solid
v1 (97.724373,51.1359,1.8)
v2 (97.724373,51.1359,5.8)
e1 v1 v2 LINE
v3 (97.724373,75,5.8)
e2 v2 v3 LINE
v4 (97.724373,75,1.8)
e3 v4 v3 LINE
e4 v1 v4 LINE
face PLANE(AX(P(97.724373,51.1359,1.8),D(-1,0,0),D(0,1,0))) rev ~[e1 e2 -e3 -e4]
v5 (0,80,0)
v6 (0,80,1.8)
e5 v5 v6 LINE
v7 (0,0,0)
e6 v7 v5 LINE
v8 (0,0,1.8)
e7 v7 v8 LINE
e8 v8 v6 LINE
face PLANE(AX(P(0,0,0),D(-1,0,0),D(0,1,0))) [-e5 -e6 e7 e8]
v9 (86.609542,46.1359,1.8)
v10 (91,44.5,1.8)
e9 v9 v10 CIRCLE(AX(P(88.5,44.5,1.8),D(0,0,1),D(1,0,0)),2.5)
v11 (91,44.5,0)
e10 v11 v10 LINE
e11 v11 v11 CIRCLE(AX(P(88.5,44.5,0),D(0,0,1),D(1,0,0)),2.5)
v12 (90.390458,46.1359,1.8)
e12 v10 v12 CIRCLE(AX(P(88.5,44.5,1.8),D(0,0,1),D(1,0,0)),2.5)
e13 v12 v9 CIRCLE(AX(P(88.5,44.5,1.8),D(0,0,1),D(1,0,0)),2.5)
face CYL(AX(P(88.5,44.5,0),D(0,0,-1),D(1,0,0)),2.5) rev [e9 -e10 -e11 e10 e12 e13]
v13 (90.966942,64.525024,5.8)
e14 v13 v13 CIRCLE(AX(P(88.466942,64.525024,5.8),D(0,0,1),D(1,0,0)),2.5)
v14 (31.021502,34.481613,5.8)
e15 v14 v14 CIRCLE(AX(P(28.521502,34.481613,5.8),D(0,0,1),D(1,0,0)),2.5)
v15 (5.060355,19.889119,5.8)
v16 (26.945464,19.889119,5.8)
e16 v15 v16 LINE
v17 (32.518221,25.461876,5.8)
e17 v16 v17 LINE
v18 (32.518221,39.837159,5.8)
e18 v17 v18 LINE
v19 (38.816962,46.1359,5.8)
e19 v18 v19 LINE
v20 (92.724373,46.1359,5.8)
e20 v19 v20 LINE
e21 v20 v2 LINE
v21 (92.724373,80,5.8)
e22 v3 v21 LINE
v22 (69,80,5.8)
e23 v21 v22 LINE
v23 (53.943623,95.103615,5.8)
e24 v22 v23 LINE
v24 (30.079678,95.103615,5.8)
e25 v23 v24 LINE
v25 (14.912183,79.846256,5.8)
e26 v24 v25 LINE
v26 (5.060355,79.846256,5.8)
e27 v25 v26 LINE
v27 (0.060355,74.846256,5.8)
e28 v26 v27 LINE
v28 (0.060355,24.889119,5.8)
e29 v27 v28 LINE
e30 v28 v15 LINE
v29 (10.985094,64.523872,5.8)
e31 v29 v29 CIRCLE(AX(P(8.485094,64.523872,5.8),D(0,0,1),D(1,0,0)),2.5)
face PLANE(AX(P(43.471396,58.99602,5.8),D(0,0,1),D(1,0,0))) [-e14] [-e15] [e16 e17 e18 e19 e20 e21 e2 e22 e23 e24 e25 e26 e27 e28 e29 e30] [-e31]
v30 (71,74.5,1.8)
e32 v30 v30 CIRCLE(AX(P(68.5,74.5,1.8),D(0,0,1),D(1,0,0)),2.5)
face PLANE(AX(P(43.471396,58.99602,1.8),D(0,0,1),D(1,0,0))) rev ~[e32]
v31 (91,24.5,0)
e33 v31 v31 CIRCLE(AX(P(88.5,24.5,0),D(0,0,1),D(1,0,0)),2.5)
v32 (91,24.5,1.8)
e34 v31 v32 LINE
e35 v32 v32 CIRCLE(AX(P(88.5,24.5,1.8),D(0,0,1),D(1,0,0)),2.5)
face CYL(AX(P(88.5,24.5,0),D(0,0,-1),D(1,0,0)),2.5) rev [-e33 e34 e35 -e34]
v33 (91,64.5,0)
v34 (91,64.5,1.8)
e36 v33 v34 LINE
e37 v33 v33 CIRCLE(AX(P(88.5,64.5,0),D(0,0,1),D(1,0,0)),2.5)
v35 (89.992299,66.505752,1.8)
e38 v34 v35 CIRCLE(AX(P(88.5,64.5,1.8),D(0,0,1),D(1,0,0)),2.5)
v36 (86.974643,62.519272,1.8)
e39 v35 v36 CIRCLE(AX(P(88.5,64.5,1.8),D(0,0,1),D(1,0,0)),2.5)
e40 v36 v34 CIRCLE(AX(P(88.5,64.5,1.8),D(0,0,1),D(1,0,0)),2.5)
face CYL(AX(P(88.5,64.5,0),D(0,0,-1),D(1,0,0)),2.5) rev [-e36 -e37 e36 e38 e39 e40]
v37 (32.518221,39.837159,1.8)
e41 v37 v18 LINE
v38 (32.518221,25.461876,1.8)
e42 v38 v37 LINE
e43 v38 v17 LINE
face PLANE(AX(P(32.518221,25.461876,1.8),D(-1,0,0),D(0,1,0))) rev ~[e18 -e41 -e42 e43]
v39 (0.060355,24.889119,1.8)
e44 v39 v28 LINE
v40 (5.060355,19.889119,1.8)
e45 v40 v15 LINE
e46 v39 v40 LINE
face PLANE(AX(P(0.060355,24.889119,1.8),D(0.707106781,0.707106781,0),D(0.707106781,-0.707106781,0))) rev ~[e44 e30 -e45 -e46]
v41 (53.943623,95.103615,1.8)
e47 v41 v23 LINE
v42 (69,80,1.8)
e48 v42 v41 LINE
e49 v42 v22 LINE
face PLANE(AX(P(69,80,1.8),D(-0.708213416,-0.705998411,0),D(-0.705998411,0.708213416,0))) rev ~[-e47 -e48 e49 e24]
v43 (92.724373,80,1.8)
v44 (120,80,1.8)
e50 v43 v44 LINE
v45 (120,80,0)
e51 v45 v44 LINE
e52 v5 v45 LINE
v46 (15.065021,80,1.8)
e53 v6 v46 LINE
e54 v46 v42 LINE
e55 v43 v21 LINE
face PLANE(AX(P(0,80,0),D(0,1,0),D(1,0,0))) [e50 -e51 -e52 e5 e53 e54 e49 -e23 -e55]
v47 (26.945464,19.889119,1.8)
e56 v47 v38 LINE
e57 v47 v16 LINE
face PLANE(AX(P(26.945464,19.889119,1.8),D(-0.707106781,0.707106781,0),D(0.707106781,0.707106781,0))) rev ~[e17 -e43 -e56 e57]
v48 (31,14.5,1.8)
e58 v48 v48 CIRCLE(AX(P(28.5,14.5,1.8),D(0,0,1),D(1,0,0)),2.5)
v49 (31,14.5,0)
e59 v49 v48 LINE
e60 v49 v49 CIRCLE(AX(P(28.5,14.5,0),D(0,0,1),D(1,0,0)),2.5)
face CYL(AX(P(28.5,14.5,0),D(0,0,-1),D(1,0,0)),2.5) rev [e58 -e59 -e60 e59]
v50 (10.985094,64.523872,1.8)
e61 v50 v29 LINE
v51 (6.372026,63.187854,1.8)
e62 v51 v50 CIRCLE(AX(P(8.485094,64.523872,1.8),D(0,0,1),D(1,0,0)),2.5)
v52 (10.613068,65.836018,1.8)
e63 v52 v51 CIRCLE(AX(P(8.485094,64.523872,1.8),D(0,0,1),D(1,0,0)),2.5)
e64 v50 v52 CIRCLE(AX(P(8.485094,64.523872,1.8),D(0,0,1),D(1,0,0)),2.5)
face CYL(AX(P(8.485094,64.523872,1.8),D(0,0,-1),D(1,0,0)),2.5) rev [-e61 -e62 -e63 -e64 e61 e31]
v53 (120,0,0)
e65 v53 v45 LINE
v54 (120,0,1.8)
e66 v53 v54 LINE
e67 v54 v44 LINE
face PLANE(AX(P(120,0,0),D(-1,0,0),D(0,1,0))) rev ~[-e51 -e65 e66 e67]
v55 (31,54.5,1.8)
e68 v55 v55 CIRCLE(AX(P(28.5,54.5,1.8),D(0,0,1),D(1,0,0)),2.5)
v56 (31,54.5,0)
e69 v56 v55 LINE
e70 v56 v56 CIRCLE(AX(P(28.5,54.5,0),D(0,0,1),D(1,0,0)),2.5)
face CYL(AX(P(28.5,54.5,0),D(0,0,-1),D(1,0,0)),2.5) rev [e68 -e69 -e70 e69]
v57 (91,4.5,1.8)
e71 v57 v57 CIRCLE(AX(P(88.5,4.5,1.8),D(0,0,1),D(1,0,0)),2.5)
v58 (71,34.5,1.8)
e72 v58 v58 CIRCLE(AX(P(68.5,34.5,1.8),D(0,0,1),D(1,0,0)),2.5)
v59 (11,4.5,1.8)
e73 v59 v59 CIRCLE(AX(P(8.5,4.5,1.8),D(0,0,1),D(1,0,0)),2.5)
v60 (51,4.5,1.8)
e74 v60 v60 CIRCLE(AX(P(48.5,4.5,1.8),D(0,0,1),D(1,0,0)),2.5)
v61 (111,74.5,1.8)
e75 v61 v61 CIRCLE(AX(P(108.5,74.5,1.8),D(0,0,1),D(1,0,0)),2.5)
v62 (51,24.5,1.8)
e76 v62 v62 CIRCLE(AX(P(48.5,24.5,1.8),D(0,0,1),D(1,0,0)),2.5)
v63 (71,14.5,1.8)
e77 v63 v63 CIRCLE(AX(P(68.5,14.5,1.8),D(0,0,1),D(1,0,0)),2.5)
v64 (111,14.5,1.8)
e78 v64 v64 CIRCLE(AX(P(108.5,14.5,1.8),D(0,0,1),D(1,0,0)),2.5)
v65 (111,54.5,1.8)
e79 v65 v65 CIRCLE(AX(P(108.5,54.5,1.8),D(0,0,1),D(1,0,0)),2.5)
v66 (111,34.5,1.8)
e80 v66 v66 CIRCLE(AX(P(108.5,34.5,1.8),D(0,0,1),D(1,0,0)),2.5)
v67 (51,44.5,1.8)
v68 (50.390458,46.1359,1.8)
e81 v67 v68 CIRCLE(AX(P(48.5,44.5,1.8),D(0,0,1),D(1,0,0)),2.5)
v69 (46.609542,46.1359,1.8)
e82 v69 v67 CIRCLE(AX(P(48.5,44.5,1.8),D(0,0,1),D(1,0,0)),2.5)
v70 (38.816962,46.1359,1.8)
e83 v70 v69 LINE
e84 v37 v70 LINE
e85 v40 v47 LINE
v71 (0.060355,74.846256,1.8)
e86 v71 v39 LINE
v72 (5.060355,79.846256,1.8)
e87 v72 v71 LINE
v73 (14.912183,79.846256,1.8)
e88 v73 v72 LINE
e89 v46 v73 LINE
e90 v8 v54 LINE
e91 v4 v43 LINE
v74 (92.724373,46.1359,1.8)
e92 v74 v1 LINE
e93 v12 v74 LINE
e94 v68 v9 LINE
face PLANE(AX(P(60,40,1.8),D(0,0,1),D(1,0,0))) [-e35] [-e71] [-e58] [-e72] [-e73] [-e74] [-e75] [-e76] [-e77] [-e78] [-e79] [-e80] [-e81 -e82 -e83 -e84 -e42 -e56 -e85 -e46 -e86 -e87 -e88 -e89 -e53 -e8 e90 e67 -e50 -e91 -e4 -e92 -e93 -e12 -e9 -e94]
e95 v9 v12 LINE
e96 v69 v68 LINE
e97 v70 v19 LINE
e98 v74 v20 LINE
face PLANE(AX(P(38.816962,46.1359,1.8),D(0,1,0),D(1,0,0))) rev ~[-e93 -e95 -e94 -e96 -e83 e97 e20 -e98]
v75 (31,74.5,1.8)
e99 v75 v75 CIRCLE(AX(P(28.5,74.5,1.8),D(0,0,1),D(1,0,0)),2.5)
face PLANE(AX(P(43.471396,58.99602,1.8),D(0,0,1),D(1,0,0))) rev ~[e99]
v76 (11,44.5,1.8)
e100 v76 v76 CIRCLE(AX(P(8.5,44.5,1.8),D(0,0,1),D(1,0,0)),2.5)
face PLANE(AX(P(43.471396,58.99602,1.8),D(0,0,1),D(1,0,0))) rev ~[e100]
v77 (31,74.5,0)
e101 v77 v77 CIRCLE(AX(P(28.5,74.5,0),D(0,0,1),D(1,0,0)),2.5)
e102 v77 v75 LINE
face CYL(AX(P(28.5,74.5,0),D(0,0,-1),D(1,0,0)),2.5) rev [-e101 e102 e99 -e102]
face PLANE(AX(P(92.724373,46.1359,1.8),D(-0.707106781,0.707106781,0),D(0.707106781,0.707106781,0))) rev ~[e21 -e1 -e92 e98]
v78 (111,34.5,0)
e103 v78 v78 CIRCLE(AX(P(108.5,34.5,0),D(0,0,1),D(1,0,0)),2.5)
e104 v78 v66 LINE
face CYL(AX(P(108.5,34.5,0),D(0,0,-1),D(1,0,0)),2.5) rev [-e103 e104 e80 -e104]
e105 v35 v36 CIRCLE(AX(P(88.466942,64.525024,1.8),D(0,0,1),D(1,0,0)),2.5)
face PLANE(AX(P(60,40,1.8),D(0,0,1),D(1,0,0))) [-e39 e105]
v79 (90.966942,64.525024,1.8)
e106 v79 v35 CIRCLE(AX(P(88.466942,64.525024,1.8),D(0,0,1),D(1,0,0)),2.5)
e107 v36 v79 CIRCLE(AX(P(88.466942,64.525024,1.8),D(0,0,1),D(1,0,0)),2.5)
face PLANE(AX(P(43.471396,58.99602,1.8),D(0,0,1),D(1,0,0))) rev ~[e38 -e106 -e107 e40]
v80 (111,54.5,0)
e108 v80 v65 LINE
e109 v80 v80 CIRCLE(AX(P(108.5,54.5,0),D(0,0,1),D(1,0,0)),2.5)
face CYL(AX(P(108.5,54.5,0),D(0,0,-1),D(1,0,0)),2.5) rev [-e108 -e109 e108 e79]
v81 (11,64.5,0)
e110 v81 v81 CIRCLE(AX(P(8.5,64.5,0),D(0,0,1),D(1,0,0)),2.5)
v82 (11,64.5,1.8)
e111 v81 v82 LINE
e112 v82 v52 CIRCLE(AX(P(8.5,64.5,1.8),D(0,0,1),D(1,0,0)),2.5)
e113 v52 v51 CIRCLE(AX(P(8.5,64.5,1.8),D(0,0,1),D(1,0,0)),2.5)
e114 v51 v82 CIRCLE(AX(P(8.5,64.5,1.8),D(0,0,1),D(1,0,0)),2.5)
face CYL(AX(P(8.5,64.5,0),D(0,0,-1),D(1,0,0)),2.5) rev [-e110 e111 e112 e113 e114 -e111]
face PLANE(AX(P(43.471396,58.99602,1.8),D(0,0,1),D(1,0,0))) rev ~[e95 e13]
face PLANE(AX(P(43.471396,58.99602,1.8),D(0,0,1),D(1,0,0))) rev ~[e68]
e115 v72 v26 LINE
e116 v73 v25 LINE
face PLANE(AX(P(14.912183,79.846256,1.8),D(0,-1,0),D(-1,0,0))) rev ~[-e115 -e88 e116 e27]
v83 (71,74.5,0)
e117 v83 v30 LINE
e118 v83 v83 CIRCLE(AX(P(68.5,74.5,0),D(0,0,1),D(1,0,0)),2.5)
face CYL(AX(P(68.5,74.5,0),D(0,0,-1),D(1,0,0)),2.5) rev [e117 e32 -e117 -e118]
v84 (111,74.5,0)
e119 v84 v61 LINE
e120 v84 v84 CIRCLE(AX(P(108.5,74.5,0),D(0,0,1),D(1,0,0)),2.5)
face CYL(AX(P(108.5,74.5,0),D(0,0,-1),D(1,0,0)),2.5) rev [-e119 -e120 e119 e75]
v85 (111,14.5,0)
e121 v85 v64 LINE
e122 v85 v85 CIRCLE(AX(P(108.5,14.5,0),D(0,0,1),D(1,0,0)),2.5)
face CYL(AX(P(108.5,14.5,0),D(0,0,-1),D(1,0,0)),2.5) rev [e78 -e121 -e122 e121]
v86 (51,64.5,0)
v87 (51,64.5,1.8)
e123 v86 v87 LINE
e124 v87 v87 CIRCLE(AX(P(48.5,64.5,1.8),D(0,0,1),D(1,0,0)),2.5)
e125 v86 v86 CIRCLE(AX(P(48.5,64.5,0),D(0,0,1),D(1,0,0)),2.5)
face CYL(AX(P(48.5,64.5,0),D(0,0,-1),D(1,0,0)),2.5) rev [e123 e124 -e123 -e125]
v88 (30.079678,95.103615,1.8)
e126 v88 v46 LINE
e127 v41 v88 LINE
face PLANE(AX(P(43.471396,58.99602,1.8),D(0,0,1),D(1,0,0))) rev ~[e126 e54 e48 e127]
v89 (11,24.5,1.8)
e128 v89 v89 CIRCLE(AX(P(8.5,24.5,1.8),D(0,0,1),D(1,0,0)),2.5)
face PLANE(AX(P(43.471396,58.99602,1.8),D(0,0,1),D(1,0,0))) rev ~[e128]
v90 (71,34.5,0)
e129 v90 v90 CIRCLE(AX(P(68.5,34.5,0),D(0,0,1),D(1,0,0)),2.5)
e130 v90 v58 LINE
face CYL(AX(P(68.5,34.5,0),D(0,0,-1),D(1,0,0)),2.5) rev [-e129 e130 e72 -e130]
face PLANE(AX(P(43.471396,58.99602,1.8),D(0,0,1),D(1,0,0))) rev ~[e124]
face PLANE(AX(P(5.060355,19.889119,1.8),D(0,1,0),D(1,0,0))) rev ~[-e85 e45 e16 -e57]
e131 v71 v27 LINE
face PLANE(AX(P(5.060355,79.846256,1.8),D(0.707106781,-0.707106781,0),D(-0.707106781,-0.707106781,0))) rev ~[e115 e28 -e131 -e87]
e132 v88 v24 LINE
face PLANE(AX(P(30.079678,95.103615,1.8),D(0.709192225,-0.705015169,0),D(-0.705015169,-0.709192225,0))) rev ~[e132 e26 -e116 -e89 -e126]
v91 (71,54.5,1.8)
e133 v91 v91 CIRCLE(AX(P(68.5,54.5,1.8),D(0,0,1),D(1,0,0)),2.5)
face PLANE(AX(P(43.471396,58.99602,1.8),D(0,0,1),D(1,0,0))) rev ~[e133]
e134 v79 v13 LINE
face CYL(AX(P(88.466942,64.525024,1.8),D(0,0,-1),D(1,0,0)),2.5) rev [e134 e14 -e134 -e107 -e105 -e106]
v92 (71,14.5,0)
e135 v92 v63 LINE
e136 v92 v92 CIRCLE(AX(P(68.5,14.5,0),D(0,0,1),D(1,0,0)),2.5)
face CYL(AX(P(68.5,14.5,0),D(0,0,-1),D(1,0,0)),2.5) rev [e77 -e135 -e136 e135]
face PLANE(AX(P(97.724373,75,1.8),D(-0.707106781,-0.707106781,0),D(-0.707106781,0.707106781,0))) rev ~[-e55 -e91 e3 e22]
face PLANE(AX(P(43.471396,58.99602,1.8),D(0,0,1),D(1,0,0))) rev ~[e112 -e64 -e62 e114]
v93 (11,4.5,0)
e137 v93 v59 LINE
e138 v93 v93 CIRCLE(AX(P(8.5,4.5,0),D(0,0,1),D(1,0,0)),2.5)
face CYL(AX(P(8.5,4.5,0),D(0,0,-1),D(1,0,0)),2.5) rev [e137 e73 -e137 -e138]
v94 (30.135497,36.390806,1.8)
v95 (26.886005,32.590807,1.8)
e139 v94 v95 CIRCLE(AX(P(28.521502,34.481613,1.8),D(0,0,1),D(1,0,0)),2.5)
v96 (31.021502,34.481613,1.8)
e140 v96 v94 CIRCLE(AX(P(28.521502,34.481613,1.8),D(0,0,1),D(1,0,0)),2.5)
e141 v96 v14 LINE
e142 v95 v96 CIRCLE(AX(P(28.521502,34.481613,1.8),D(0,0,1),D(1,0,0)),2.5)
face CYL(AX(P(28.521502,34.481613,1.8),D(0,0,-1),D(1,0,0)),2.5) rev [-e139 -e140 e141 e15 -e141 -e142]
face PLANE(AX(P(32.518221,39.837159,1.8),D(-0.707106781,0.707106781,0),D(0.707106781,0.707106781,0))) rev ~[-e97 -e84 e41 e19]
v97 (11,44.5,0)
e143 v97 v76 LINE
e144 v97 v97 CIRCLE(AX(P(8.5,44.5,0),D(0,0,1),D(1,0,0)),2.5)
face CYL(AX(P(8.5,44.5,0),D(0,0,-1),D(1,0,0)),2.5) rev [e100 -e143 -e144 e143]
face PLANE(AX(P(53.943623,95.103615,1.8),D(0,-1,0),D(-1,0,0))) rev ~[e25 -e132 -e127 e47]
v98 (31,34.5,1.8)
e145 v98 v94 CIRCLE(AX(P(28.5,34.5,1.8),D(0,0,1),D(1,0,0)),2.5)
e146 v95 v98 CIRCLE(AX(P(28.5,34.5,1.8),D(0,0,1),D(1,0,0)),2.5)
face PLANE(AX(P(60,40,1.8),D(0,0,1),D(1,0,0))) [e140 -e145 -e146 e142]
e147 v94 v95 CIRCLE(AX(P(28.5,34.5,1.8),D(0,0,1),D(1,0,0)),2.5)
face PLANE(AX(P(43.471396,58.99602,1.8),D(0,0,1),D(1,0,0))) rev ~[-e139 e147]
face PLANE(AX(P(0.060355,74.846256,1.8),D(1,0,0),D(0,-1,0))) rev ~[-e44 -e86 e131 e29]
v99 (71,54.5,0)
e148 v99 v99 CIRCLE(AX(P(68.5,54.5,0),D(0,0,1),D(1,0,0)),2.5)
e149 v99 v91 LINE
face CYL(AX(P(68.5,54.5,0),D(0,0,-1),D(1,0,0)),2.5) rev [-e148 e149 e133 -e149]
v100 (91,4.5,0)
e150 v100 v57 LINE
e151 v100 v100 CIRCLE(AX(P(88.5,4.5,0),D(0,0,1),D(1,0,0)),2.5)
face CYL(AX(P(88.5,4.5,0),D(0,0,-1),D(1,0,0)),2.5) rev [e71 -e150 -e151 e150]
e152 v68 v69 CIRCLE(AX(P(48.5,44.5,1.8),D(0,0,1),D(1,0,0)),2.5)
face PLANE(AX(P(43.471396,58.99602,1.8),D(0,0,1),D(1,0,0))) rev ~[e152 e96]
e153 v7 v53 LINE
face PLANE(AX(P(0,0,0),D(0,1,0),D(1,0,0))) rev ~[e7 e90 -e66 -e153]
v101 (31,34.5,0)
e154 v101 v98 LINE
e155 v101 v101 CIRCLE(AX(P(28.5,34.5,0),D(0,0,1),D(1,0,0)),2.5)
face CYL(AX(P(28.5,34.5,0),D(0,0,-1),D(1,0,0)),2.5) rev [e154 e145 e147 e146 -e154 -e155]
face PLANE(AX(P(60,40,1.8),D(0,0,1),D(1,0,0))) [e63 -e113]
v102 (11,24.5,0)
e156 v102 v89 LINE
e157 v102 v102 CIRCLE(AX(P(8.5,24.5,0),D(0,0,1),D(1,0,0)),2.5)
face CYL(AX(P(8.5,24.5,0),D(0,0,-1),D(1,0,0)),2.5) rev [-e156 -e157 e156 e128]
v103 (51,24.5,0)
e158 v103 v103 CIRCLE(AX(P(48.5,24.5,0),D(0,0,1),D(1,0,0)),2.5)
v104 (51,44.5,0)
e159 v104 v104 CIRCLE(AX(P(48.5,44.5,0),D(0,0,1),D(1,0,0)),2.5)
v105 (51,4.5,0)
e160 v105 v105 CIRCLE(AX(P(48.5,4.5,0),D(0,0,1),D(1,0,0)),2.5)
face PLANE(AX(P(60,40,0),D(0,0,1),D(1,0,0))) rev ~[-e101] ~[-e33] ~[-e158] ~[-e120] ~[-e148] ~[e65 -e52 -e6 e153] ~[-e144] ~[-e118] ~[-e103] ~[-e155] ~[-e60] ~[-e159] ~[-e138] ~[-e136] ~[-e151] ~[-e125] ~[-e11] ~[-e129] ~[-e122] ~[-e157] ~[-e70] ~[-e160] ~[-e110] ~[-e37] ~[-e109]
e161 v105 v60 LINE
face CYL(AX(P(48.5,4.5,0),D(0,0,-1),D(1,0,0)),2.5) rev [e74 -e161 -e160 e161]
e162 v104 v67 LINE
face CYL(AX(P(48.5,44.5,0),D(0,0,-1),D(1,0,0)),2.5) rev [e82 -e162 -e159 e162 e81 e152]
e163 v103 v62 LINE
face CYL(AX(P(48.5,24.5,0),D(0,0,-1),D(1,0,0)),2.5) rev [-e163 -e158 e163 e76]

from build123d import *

# Parameters (mm, degrees)
SKETCH_W     = 120
SKETCH_H     = 80
SKETCH_R     = 2.5
PAD_DEPTH    = 1.8
SKETCH001_R  = 2.5
PAD001_DEPTH = 4


with BuildPart() as part:
    # Sketch → Pad (new body)
    with BuildSketch(Plane.XY):
        with Locations((60, 40)):
            Rectangle(SKETCH_W, SKETCH_H)
        with Locations((8.5, 4.5)):
            Circle(SKETCH_R, mode=Mode.SUBTRACT)
        with Locations((48.5, 4.5)):
            Circle(SKETCH_R, mode=Mode.SUBTRACT)
        with Locations((88.5, 4.5)):
            Circle(SKETCH_R, mode=Mode.SUBTRACT)
        with Locations((28.5, 14.5)):
            Circle(SKETCH_R, mode=Mode.SUBTRACT)
        with Locations((108.5, 14.5)):
            Circle(SKETCH_R, mode=Mode.SUBTRACT)
        with Locations((8.5, 24.5)):
            Circle(SKETCH_R, mode=Mode.SUBTRACT)
        with Locations((48.5, 24.5)):
            Circle(SKETCH_R, mode=Mode.SUBTRACT)
        with Locations((88.5, 24.5)):
            Circle(SKETCH_R, mode=Mode.SUBTRACT)
        with Locations((8.5, 44.5)):
            Circle(SKETCH_R, mode=Mode.SUBTRACT)
        with Locations((48.5, 44.5)):
            Circle(SKETCH_R, mode=Mode.SUBTRACT)
        with Locations((88.5, 44.5)):
            Circle(SKETCH_R, mode=Mode.SUBTRACT)
        with Locations((28.5, 54.5)):
            Circle(SKETCH_R, mode=Mode.SUBTRACT)
        with Locations((68.5, 54.5)):
            Circle(SKETCH_R, mode=Mode.SUBTRACT)
        with Locations((108.5, 54.5)):
            Circle(SKETCH_R, mode=Mode.SUBTRACT)
        with Locations((88.5, 64.5)):
            Circle(SKETCH_R, mode=Mode.SUBTRACT)
        with Locations((48.5, 64.5)):
            Circle(SKETCH_R, mode=Mode.SUBTRACT)
        with Locations((8.5, 64.5)):
            Circle(SKETCH_R, mode=Mode.SUBTRACT)
        with Locations((28.5, 34.5)):
            Circle(SKETCH_R, mode=Mode.SUBTRACT)
        with Locations((68.5, 34.5)):
            Circle(SKETCH_R, mode=Mode.SUBTRACT)
        with Locations((108.5, 34.5)):
            Circle(SKETCH_R, mode=Mode.SUBTRACT)
        with Locations((28.5, 74.5)):
            Circle(SKETCH_R, mode=Mode.SUBTRACT)
        with Locations((68.5, 74.5)):
            Circle(SKETCH_R, mode=Mode.SUBTRACT)
        with Locations((108.5, 74.5)):
            Circle(SKETCH_R, mode=Mode.SUBTRACT)
        with Locations((68.5, 14.5)):
            Circle(SKETCH_R, mode=Mode.SUBTRACT)
    extrude(amount=PAD_DEPTH)

    # Sketch001 (on Face30 of Pad) → Pad001 (join)
    with BuildSketch(Plane.XY.offset(1.8)):
        Polygon((0.060355, 74.846256), (0.060355, 24.889119), (5.060355, 19.889119), (26.945464, 19.889119), (32.518221, 25.461876), (32.518221, 39.837159), (38.816962, 46.1359), (92.724373, 46.1359), (97.724373, 51.1359), (97.724373, 75), (92.724373, 80), (69, 80), (53.943623, 95.103615), (30.079678, 95.103615), (14.912183, 79.846256), (5.060355, 79.846256), align=None)
        with Locations((8.485094, 64.523872)):
            Circle(SKETCH001_R, mode=Mode.SUBTRACT)
        with Locations((28.521502, 34.481613)):
            Circle(SKETCH001_R, mode=Mode.SUBTRACT)
        with Locations((88.466942, 64.525024)):
            Circle(SKETCH001_R, mode=Mode.SUBTRACT)
    extrude(amount=PAD001_DEPTH)


solid = part.part
